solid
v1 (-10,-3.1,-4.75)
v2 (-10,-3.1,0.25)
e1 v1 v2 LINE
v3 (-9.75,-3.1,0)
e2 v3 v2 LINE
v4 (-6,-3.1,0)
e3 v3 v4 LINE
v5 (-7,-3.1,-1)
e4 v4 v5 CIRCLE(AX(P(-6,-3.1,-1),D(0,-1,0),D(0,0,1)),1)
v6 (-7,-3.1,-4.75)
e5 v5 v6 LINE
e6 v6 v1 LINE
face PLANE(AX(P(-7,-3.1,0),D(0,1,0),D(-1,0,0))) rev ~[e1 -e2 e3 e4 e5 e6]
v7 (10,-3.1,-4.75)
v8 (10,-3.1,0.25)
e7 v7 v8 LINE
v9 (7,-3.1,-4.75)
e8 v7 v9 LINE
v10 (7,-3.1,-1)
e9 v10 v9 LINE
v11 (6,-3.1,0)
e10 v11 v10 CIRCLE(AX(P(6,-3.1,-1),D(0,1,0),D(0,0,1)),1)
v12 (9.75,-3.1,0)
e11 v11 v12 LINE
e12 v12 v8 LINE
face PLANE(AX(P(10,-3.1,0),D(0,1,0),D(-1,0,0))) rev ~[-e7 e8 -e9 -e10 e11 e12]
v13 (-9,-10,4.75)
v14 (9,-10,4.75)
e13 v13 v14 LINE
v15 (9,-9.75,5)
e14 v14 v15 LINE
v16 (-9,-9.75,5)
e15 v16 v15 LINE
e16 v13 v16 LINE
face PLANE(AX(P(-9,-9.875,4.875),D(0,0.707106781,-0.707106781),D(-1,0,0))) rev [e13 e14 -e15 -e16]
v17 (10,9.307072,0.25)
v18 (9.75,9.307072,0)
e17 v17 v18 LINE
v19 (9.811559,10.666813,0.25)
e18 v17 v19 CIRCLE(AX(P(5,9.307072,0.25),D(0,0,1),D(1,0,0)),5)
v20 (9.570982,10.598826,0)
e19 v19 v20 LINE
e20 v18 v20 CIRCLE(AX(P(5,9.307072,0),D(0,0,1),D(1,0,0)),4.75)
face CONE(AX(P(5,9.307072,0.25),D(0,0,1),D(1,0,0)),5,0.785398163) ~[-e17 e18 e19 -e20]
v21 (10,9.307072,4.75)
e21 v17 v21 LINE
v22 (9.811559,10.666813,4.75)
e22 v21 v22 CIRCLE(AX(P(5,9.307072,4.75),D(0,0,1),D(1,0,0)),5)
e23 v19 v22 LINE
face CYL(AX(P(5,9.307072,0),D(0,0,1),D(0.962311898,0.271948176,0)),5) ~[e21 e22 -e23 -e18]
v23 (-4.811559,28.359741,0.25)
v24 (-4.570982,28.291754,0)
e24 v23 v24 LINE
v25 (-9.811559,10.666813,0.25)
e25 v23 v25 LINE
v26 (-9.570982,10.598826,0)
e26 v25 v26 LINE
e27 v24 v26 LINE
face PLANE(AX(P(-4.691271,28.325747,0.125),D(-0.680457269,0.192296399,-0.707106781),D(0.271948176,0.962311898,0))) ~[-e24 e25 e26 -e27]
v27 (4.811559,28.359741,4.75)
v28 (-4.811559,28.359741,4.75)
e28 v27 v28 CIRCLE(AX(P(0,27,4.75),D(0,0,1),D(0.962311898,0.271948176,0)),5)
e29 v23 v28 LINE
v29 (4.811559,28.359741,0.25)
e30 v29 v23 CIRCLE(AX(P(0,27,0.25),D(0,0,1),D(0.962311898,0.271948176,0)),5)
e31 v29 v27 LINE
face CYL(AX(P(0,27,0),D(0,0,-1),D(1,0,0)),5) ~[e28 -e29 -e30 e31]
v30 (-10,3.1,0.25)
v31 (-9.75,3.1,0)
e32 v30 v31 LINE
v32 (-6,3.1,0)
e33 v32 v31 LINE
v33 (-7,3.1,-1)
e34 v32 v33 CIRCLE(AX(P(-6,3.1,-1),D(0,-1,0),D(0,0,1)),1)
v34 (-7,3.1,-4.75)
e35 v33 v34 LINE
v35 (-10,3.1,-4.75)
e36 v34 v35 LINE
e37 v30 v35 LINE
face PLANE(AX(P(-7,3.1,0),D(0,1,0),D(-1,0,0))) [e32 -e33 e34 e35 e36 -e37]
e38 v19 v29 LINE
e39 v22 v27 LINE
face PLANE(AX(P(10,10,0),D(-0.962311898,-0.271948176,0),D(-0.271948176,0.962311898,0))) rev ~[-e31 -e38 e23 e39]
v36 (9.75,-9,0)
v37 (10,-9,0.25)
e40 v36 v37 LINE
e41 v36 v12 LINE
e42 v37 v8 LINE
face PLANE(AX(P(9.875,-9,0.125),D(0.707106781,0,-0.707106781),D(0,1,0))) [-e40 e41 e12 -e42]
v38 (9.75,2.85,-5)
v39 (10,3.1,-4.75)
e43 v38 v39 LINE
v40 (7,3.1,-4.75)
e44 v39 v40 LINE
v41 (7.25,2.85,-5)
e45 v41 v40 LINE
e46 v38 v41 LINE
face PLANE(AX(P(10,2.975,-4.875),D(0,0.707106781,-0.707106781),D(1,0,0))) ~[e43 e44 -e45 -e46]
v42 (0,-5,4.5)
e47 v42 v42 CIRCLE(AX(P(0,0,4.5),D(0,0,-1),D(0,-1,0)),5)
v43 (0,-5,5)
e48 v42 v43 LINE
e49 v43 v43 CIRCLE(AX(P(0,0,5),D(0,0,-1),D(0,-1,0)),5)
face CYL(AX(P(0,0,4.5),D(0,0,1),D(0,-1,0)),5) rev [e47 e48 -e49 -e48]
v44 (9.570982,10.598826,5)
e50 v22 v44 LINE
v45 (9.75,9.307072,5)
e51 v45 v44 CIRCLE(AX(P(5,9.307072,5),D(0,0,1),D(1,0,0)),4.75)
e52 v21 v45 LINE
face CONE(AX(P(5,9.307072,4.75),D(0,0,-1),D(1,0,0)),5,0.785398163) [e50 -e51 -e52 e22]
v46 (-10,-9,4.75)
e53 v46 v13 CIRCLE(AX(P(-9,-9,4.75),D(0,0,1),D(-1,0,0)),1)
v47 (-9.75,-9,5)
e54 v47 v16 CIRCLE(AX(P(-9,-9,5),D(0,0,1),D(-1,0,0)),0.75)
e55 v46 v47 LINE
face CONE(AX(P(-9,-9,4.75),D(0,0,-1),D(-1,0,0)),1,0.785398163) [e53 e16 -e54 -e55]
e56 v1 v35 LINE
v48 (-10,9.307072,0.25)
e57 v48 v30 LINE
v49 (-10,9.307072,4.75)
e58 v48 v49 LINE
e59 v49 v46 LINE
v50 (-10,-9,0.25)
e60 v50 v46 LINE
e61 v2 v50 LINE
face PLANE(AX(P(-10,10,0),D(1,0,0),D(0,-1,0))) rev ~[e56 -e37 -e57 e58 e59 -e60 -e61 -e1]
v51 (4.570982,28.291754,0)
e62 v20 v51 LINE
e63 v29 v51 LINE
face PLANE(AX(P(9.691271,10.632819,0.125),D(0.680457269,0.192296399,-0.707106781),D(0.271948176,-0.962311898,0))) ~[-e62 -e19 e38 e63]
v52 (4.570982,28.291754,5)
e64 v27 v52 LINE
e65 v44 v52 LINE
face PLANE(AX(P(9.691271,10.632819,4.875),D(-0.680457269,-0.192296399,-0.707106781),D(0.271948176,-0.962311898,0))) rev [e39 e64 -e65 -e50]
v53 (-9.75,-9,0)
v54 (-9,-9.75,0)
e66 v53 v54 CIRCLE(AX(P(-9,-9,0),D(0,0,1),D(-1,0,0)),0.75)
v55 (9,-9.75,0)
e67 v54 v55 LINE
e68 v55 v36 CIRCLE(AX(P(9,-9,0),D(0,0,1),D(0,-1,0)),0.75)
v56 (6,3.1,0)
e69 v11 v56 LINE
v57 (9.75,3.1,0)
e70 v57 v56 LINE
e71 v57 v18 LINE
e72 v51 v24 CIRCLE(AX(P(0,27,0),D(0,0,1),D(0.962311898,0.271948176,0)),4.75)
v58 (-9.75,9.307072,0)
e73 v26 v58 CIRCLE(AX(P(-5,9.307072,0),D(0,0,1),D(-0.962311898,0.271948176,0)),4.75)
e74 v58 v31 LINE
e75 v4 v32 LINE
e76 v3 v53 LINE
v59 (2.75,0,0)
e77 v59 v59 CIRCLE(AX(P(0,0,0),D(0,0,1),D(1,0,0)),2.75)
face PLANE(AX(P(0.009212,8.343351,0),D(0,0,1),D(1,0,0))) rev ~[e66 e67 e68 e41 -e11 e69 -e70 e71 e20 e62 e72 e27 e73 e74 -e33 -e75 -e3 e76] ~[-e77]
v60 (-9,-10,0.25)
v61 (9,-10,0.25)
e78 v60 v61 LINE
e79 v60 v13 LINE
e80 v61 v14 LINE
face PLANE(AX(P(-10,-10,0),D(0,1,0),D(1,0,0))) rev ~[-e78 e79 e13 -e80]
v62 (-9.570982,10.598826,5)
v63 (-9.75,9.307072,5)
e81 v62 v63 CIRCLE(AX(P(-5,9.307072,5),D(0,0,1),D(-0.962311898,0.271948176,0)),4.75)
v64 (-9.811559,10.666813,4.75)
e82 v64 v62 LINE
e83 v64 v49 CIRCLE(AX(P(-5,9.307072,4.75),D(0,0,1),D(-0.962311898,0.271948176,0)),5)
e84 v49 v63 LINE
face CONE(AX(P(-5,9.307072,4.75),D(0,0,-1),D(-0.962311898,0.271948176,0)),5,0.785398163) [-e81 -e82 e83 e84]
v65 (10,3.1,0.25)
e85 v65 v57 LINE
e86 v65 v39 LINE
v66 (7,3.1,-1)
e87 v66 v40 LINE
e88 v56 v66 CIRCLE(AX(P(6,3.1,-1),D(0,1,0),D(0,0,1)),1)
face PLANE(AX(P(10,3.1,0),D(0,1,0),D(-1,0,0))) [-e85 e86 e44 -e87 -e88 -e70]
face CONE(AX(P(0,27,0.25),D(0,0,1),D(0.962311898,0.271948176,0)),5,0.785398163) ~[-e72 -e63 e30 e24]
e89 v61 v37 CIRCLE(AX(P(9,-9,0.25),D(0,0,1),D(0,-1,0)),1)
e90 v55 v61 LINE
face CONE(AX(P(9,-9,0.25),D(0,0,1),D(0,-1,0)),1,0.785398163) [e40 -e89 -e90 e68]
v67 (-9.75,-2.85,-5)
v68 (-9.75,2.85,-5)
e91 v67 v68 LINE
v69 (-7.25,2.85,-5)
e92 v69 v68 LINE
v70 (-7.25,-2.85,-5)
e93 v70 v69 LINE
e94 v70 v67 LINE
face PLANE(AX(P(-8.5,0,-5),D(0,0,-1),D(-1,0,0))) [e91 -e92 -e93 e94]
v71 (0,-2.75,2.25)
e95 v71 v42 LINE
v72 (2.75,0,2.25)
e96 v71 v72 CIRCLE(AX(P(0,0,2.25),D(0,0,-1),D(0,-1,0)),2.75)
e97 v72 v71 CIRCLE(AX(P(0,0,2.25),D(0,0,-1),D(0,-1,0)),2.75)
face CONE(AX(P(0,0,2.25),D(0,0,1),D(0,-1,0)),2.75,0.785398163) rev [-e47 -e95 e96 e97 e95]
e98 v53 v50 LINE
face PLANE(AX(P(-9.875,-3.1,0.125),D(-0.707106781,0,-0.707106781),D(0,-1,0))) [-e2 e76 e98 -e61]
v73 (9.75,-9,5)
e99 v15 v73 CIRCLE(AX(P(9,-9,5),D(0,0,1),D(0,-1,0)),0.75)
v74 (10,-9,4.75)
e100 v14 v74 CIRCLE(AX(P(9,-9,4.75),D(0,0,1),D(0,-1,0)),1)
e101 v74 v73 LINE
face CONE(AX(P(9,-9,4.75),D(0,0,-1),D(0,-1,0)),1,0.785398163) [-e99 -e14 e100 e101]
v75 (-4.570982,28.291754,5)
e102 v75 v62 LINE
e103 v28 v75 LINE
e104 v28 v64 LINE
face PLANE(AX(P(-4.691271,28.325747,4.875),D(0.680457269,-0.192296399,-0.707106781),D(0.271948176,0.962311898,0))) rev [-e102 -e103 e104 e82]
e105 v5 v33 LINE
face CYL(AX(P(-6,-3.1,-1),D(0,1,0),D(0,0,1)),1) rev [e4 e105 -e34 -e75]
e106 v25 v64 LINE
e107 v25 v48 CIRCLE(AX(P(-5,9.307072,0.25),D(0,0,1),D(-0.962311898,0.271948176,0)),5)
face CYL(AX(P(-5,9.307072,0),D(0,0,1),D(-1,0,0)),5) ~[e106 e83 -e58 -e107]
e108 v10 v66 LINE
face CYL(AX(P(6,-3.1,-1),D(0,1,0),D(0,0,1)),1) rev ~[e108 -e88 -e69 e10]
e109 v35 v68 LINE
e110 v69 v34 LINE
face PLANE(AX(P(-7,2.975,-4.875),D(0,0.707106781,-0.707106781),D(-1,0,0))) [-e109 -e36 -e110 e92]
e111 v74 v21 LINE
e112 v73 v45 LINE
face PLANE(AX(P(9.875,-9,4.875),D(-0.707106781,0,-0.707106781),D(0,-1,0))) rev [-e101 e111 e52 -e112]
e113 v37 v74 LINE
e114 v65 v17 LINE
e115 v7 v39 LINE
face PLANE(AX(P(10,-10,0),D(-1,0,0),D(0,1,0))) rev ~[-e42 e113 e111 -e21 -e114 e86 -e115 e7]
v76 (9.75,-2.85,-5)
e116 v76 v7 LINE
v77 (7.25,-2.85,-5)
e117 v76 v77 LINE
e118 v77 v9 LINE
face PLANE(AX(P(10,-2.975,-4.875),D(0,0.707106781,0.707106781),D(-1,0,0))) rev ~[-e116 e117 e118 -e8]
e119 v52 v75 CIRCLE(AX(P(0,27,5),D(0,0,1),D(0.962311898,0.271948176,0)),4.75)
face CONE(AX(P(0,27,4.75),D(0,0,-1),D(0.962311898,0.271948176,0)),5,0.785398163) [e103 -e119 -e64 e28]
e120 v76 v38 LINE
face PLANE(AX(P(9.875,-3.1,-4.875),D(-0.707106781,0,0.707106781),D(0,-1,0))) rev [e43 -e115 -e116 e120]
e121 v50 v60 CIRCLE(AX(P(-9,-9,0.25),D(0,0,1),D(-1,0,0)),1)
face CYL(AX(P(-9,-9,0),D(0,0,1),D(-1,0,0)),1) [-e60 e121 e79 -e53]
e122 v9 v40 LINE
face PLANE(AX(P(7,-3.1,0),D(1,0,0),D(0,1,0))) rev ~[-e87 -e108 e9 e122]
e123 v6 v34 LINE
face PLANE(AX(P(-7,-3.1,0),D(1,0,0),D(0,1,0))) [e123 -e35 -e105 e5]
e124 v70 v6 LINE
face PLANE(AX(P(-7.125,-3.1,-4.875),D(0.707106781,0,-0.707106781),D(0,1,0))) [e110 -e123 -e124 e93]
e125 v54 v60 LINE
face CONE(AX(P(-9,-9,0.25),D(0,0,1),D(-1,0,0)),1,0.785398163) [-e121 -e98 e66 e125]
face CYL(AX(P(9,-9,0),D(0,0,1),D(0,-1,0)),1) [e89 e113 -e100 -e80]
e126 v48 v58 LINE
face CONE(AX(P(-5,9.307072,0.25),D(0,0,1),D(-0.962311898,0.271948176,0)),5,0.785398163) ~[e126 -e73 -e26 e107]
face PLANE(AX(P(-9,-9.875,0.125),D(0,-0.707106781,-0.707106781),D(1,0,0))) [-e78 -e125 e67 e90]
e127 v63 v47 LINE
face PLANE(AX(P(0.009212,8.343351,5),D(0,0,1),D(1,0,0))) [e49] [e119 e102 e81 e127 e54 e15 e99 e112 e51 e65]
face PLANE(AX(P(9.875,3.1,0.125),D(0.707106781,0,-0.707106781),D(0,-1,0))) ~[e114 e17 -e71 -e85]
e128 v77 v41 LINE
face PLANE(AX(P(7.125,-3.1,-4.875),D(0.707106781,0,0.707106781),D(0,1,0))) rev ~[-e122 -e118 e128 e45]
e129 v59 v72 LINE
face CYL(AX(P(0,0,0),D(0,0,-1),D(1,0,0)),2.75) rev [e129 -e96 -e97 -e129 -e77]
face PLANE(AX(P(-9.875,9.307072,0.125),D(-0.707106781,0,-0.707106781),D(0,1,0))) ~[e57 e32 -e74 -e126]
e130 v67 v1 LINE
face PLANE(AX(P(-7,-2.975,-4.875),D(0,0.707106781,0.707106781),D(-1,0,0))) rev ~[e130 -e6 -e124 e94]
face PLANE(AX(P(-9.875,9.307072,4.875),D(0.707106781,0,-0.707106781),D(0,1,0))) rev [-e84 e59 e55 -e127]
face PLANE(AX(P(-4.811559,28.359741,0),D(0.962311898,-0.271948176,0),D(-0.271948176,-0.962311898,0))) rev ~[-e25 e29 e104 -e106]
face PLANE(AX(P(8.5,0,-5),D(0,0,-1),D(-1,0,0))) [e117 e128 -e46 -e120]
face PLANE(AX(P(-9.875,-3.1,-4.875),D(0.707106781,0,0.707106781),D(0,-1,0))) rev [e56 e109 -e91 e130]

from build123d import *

# Parameters (mm, degrees)
SKETCH1_R           = 5
SKETCH1_R_2         = 2.75
BOSS_EXTRUDE1_DEPTH = 5
SKETCH2_W           = 3
SKETCH2_H           = 6.2
BOSS_EXTRUDE2_DEPTH = 5
FILLET1_R           = 1
FILLET2_R           = 5
CHAMFER1_SIZE       = 0.25


with BuildPart() as part:
    # Sketch1 → Boss-Extrude1 (new body)
    # profile 1 of 2: a face of its own
    with BuildSketch(Plane.XY):
        with Locations((0, 27)):
            Circle(SKETCH1_R)
    # profile 2 of 2: a face of its own
    with BuildSketch(Plane.XY):
        with BuildLine():
            Line((-4.811559492, 28.359740878), (-10, 10))
            Line((-10, 10), (-10, -10))
            Line((-10, -10), (10, -10))
            Line((10, -10), (10, 10))
            Line((10, 10), (4.811559492, 28.359740878))
            ThreePointArc((4.811559492, 28.359740878), (4.952665821, 27.686368174), (5, 27))
            ThreePointArc((5, 27), (-0.686368174, 22.047334179), (-4.811559492, 28.359740878))
        make_face()
        Circle(SKETCH1_R_2, mode=Mode.SUBTRACT)
    extrude(amount=BOSS_EXTRUDE1_DEPTH)

    # Sketch2 → Boss-Extrude2 (add)
    with BuildSketch(Plane(origin=(0, 0, 0), x_dir=(-1, 0, 0), z_dir=(0, 0, -1))):
        with Locations((-8.5, 0)):
            Rectangle(SKETCH2_W, SKETCH2_H)
        with Locations((8.5, 0)):
            Rectangle(SKETCH2_W, SKETCH2_H)
    extrude(amount=BOSS_EXTRUDE2_DEPTH)

    # Fillet1
    fillet1_edges = [part.edges().sort_by_distance(p)[0] for p in [
        (10, -10, 2.5),
        (-10, -10, 2.5),
        (7, 0, 0),
        (-7, 0, 0),
    ]]
    fillet(fillet1_edges, radius=FILLET1_R)

    # Fillet2
    fillet2_edges = [part.edges().sort_by_distance(p)[0] for p in [
        (10, 10, 2.5),
        (-10, 10, 2.5),
    ]]
    fillet(fillet2_edges, radius=FILLET2_R)

    # Sketch4 → CSK for M5 Flat Head Machine Screw1 (revolve, cut)
    with BuildSketch(Plane(origin=(0, 0, 5), x_dir=(0, -1, 0), z_dir=(1, 0, 0))):
        Polygon((0, 0), (0, 10), (2.75, 10), (2.75, 2.75), (5, 0.5), (5, 0), align=None)
    revolve(axis=Axis((0, 0, 11.35), (0, 0, -1)), mode=Mode.SUBTRACT)

    # Chamfer1
    chamfer1_edges = [part.edges().sort_by_distance(p)[0] for p in [
        (-10, 6.203535995, 0),
        (-7.311559492, 19.513276873, 0),
        (10, 6.203535995, 0),
        (-9.952665821, 9.993440164, 0),
        (9.952665821, 9.993440164, 0),
        (10, 0.153535995, 5),
        (-7.311559492, 19.513276873, 5),
        (-10, 0.153535995, 5),
        (-9.952665821, 9.993440164, 5),
        (9.952665821, 9.993440164, 5),
        (0, 32, 0),
        (10, -6.05, 0),
        (-10, -6.05, 0),
        (10, 0, -5),
        (8.5, -3.1, -5),
        (7, 0, -5),
        (8.5, 3.1, -5),
        (-7, 0, -5),
        (-8.5, -3.1, -5),
        (-10, 0, -5),
        (-8.5, 3.1, -5),
        (0, -10, 0),
        (-9.707106781, -9.707106781, 0),
        (9.707106781, -9.707106781, 0),
        (0, -10, 5),
        (0, 32, 5),
        (-9.707106781, -9.707106781, 5),
        (9.707106781, -9.707106781, 5),
        (7.311559492, 19.513276873, 0),
        (7.311559492, 19.513276873, 5),
    ]]
    chamfer(chamfer1_edges, length=CHAMFER1_SIZE)


solid = part.part
